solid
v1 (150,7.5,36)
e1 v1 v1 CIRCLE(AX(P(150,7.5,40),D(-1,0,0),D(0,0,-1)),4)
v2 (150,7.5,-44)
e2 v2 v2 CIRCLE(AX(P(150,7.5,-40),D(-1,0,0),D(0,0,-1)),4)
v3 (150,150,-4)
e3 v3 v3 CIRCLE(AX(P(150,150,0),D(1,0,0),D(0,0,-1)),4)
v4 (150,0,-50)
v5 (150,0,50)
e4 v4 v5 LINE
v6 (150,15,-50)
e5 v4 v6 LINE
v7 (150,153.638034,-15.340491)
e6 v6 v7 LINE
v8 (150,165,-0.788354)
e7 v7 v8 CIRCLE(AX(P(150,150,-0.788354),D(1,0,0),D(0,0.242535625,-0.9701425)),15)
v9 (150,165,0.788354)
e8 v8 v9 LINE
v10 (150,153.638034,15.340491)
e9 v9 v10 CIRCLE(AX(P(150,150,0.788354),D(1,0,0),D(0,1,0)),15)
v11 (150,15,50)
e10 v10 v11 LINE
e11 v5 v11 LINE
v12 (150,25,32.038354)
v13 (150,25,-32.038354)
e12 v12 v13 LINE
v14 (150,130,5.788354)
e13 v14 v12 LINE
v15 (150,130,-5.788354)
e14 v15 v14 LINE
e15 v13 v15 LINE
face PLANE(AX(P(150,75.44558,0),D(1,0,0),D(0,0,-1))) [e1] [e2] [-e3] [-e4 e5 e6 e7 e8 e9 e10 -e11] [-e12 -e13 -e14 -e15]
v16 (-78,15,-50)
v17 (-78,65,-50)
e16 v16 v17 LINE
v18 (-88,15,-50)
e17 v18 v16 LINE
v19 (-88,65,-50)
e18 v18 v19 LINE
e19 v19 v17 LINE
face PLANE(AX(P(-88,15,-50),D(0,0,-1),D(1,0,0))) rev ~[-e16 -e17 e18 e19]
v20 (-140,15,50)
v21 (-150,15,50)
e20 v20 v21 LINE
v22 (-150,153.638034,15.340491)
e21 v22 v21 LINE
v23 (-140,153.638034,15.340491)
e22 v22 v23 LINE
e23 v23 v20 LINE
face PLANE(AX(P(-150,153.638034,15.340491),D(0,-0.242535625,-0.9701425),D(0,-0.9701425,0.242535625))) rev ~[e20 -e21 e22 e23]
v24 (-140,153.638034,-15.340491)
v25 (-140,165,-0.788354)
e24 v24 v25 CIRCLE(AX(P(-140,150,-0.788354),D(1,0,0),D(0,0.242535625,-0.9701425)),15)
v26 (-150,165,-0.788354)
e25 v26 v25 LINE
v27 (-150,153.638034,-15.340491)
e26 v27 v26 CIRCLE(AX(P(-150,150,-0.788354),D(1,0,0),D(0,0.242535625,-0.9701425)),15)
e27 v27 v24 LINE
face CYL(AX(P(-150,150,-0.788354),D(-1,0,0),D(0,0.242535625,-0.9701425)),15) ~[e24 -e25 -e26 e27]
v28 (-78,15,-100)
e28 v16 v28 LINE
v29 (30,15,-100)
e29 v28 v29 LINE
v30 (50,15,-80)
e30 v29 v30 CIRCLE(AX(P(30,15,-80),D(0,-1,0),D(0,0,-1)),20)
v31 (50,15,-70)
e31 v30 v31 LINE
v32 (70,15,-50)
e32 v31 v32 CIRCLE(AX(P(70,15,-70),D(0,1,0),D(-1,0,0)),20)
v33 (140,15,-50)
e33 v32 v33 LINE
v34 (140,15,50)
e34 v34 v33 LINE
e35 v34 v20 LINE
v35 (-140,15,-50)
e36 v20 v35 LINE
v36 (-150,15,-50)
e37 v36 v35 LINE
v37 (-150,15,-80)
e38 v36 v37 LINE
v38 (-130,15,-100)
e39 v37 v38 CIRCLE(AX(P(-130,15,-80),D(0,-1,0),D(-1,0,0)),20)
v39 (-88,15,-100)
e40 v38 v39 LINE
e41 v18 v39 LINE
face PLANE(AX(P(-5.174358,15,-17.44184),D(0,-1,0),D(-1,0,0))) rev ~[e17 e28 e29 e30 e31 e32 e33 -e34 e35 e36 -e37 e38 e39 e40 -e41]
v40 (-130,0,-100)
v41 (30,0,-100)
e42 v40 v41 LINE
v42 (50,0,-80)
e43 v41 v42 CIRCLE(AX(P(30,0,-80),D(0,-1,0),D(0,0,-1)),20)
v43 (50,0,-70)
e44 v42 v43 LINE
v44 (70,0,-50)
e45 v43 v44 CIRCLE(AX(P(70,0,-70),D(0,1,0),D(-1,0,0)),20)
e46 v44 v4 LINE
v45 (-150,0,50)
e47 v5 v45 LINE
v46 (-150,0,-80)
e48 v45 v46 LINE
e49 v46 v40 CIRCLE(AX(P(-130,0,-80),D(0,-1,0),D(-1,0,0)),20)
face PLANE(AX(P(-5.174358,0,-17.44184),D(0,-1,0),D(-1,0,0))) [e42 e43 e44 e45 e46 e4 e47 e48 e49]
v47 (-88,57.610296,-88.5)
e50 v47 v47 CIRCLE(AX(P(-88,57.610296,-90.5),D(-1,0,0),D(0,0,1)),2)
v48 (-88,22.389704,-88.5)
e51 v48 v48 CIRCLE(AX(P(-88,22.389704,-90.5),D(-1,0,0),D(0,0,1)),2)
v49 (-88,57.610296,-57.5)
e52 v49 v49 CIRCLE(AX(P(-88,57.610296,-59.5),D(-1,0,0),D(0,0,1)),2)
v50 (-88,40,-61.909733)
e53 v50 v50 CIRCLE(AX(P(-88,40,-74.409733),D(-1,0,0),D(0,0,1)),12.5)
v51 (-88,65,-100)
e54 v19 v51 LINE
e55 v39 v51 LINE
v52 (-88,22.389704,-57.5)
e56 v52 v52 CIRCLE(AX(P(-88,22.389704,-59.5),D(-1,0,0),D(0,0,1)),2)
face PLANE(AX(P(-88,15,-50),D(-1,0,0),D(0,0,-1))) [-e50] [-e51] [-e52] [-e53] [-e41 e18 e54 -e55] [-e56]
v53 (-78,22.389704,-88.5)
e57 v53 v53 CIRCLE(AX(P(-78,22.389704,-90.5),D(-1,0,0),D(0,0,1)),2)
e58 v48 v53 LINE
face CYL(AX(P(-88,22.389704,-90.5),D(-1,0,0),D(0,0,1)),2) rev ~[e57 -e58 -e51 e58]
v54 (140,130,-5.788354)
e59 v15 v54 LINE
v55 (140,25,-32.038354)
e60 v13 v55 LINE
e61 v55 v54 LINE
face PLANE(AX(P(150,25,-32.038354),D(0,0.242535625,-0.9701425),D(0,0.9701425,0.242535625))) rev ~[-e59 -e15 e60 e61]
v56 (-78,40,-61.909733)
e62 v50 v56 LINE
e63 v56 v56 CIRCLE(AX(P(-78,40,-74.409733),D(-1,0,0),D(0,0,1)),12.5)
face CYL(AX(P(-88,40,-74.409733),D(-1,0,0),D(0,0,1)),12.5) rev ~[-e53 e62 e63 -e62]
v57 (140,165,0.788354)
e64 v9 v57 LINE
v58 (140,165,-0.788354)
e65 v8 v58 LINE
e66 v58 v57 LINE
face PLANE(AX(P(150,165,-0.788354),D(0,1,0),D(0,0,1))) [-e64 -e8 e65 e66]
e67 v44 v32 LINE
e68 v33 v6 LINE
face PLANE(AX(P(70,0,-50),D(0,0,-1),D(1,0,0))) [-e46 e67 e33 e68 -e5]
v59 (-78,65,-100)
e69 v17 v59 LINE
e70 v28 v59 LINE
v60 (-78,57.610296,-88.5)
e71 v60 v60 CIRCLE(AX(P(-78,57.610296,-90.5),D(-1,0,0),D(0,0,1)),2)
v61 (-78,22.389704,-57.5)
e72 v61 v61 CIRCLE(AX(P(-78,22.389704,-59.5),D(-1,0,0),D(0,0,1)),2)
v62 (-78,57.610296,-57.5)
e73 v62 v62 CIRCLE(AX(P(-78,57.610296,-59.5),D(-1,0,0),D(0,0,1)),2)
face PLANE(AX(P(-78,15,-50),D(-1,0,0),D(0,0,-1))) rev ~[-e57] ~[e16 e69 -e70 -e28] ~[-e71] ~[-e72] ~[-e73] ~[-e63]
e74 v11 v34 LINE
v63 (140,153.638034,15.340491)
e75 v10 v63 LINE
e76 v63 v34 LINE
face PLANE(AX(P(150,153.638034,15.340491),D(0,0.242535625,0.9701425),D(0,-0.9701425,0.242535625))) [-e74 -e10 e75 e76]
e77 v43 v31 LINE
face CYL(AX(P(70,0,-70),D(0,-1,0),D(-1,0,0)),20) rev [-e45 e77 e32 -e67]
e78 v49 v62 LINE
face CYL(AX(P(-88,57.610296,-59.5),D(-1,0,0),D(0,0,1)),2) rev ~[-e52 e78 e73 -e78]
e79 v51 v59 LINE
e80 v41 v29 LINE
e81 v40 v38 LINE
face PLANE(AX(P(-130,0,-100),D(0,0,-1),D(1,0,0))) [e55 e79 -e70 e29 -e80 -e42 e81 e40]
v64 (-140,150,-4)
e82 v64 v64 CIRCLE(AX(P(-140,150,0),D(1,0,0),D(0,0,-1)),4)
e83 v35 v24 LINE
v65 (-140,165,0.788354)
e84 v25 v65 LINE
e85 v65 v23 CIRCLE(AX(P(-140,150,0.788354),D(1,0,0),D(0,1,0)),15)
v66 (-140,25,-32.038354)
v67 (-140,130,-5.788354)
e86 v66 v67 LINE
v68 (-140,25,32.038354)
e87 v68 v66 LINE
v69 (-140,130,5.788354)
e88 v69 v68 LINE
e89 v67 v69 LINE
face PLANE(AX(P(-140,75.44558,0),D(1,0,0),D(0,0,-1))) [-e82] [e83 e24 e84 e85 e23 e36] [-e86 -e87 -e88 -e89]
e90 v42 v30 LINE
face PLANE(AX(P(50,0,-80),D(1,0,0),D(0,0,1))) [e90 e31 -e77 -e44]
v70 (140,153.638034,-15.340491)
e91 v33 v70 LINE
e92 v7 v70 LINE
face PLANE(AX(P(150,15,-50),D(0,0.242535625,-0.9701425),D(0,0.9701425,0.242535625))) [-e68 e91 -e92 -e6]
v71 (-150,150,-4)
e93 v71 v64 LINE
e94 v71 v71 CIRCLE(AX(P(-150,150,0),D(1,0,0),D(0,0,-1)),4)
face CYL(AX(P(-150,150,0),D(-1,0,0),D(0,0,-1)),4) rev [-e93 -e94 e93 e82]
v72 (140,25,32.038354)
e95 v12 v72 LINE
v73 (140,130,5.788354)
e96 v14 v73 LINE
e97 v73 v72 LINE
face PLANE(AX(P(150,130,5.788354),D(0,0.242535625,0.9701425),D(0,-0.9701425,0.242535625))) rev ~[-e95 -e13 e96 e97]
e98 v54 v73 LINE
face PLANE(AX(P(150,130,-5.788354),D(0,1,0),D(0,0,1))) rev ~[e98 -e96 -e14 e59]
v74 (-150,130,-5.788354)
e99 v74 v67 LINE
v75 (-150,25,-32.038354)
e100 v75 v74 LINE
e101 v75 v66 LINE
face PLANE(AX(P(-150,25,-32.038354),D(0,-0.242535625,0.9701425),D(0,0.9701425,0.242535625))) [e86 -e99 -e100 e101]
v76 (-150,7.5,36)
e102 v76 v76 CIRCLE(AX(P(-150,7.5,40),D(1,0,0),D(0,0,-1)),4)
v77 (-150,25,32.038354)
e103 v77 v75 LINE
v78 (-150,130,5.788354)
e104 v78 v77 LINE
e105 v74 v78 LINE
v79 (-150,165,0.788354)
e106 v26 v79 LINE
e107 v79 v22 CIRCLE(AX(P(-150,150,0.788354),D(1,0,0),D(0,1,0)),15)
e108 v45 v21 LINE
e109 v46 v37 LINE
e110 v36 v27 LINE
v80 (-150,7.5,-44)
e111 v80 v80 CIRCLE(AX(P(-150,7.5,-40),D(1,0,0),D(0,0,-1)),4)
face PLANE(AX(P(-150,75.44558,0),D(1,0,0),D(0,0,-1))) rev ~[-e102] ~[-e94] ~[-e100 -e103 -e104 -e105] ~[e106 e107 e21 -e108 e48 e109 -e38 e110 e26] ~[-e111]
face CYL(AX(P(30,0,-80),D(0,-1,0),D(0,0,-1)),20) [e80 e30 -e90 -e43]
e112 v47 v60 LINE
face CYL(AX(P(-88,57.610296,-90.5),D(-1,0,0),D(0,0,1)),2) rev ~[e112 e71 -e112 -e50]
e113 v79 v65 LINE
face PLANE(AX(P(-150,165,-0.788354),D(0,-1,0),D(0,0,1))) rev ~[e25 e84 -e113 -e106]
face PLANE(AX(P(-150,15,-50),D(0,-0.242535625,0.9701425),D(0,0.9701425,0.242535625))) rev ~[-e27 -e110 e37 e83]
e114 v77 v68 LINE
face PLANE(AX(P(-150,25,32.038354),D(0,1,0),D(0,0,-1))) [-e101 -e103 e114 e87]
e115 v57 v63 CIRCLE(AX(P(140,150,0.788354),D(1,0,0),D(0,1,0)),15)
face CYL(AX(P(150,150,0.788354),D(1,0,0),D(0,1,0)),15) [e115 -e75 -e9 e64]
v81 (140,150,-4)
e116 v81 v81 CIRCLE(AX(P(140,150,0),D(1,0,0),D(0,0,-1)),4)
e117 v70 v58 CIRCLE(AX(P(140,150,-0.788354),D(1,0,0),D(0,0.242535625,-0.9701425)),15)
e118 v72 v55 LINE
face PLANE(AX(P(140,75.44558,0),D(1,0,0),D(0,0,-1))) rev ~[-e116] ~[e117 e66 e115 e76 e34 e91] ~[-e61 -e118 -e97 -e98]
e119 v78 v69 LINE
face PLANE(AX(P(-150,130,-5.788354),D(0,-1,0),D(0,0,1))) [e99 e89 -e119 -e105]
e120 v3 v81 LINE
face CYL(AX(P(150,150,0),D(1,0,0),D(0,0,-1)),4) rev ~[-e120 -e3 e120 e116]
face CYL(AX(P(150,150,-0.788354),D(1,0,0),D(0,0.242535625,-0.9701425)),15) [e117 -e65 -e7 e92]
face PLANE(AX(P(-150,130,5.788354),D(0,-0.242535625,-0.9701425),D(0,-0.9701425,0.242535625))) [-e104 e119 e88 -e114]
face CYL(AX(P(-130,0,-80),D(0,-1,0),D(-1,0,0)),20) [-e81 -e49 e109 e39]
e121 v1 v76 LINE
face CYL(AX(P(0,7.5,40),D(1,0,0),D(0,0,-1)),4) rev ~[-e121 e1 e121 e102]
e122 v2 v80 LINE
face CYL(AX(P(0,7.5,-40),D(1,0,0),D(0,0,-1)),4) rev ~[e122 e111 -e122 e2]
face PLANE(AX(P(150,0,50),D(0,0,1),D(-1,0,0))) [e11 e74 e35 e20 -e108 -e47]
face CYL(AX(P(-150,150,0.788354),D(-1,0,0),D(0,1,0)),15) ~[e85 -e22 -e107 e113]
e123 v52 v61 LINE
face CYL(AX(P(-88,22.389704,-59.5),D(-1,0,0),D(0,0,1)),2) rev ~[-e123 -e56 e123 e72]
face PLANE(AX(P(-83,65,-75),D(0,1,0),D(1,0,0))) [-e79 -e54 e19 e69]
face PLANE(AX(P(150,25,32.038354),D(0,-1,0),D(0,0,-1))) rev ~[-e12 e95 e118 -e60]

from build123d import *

# Parameters (mm, degrees)
BOSS_EXTRUDE4_DEPTH     = 15
SKETCH9_R               = 4
CUT_EXTRUDE2_DEPTH      = 151
CUT_EXTRUDE2_DEPTH_BACK = 151
BOSS_EXTRUDE6_START     = 150
SKETCH10_R              = 4
BOSS_EXTRUDE6_DEPTH     = 10
BOSS_EXTRUDE7_START     = -150
SKETCH12_R              = 4
BOSS_EXTRUDE7_DEPTH     = 10
SKETCH14_W              = 10
SKETCH14_H              = 50
BOSS_EXTRUDE8_DEPTH     = 50
SKETCH15_R              = 2
SKETCH15_R_2            = 12.5
CUT_EXTRUDE3_DEPTH      = 10


with BuildPart() as part:
    # Sketch8 → Boss-Extrude4 (new body)
    with BuildSketch(Plane(origin=(0, 0, 0), x_dir=(1, 0, 0), z_dir=(0, 1, 0))):
        with BuildLine():
            Line((-150, 50), (-150, 80))
            ThreePointArc((-150, 80), (-144.142135624, 94.142135624), (-130, 100))
            Line((-130, 100), (30, 100))
            ThreePointArc((30, 100), (44.142135624, 94.142135624), (50, 80))
            Line((50, 80), (50, 70))
            ThreePointArc((50, 70), (55.857864376, 55.857864376), (70, 50))
            Line((70, 50), (150, 50))
            Line((150, 50), (150, -50))
            Line((150, -50), (-150, -50))
            Line((-150, -50), (-150, 50))
        make_face()
    extrude(amount=BOSS_EXTRUDE4_DEPTH)

    # Sketch9 → Cut-Extrude2 (cut, two sides)
    with BuildSketch(Plane(origin=(0, 0, 0), x_dir=(0, 0, -1), z_dir=(1, 0, 0))) as cut_extrude2_sk:
        with Locations((-40, 7.5)):
            Circle(SKETCH9_R)
        with Locations((40, 7.5)):
            Circle(SKETCH9_R)
    extrude(amount=CUT_EXTRUDE2_DEPTH, mode=Mode.SUBTRACT)
    extrude(cut_extrude2_sk.sketch, amount=-CUT_EXTRUDE2_DEPTH_BACK, mode=Mode.SUBTRACT)

    # Sketch10 → Boss-Extrude6 (add)
    with BuildSketch(Plane(origin=(0, 0, 0), x_dir=(0, 0, -1), z_dir=(1, 0, 0)).offset(BOSS_EXTRUDE6_START)):
        with BuildLine():
            Line((-50, 15), (50, 15))
            Line((50, 15), (15.340491406, 153.638034376))
            ThreePointArc((15.340491406, 153.638034376), (10.019537045, 161.82308157), (0.788353904, 165))
            Line((0.788353904, 165), (-0.788353904, 165))
            ThreePointArc((-0.788353904, 165), (-10.019537045, 161.82308157), (-15.340491406, 153.638034376))
            Line((-15.340491406, 153.638034376), (-50, 15))
        make_face()
        with Locations((0, 150)):
            Circle(SKETCH10_R, mode=Mode.SUBTRACT)
        Polygon((-32.038353904, 25), (32.038353904, 25), (5.788353904, 130), (-5.788353904, 130), align=None, mode=Mode.SUBTRACT)
    extrude(amount=-BOSS_EXTRUDE6_DEPTH)

    # Sketch12 → Boss-Extrude7 (add)
    with BuildSketch(Plane(origin=(0, 0, 0), x_dir=(0, 0, -1), z_dir=(1, 0, 0)).offset(BOSS_EXTRUDE7_START)):
        with BuildLine():
            Line((-50, 15), (50, 15))
            Line((50, 15), (15.340491406, 153.638034376))
            ThreePointArc((15.340491406, 153.638034376), (10.019537045, 161.82308157), (0.788353904, 165))
            Line((0.788353904, 165), (-0.788353904, 165))
            ThreePointArc((-0.788353904, 165), (-10.019537045, 161.82308157), (-15.340491406, 153.638034376))
            Line((-15.340491406, 153.638034376), (-50, 15))
        make_face()
        with Locations((0, 150)):
            Circle(SKETCH12_R, mode=Mode.SUBTRACT)
        Polygon((-32.038353904, 25), (32.038353904, 25), (5.788353904, 130), (-5.788353904, 130), align=None, mode=Mode.SUBTRACT)
    extrude(amount=BOSS_EXTRUDE7_DEPTH)

    # Sketch14 → Boss-Extrude8 (add)
    with BuildSketch(Plane(origin=(0, 15, 0), x_dir=(1, 0, 0), z_dir=(0, 1, 0))):
        with Locations((-83, 75)):
            Rectangle(SKETCH14_W, SKETCH14_H)
    extrude(amount=BOSS_EXTRUDE8_DEPTH)

    # Sketch15 → Cut-Extrude3 (cut)
    with BuildSketch(Plane.ZY.offset(88)):
        with Locations((-90.5, 57.610296458)):
            Circle(SKETCH15_R)
        with Locations((-59.5, 57.610296458)):
            Circle(SKETCH15_R)
        with Locations((-90.5, 22.389703542)):
            Circle(SKETCH15_R)
        with Locations((-59.5, 22.389703542)):
            Circle(SKETCH15_R)
        with Locations((-74.409733022, 40)):
            Circle(SKETCH15_R_2)
    extrude(amount=-CUT_EXTRUDE3_DEPTH, mode=Mode.SUBTRACT)


solid = part.part
